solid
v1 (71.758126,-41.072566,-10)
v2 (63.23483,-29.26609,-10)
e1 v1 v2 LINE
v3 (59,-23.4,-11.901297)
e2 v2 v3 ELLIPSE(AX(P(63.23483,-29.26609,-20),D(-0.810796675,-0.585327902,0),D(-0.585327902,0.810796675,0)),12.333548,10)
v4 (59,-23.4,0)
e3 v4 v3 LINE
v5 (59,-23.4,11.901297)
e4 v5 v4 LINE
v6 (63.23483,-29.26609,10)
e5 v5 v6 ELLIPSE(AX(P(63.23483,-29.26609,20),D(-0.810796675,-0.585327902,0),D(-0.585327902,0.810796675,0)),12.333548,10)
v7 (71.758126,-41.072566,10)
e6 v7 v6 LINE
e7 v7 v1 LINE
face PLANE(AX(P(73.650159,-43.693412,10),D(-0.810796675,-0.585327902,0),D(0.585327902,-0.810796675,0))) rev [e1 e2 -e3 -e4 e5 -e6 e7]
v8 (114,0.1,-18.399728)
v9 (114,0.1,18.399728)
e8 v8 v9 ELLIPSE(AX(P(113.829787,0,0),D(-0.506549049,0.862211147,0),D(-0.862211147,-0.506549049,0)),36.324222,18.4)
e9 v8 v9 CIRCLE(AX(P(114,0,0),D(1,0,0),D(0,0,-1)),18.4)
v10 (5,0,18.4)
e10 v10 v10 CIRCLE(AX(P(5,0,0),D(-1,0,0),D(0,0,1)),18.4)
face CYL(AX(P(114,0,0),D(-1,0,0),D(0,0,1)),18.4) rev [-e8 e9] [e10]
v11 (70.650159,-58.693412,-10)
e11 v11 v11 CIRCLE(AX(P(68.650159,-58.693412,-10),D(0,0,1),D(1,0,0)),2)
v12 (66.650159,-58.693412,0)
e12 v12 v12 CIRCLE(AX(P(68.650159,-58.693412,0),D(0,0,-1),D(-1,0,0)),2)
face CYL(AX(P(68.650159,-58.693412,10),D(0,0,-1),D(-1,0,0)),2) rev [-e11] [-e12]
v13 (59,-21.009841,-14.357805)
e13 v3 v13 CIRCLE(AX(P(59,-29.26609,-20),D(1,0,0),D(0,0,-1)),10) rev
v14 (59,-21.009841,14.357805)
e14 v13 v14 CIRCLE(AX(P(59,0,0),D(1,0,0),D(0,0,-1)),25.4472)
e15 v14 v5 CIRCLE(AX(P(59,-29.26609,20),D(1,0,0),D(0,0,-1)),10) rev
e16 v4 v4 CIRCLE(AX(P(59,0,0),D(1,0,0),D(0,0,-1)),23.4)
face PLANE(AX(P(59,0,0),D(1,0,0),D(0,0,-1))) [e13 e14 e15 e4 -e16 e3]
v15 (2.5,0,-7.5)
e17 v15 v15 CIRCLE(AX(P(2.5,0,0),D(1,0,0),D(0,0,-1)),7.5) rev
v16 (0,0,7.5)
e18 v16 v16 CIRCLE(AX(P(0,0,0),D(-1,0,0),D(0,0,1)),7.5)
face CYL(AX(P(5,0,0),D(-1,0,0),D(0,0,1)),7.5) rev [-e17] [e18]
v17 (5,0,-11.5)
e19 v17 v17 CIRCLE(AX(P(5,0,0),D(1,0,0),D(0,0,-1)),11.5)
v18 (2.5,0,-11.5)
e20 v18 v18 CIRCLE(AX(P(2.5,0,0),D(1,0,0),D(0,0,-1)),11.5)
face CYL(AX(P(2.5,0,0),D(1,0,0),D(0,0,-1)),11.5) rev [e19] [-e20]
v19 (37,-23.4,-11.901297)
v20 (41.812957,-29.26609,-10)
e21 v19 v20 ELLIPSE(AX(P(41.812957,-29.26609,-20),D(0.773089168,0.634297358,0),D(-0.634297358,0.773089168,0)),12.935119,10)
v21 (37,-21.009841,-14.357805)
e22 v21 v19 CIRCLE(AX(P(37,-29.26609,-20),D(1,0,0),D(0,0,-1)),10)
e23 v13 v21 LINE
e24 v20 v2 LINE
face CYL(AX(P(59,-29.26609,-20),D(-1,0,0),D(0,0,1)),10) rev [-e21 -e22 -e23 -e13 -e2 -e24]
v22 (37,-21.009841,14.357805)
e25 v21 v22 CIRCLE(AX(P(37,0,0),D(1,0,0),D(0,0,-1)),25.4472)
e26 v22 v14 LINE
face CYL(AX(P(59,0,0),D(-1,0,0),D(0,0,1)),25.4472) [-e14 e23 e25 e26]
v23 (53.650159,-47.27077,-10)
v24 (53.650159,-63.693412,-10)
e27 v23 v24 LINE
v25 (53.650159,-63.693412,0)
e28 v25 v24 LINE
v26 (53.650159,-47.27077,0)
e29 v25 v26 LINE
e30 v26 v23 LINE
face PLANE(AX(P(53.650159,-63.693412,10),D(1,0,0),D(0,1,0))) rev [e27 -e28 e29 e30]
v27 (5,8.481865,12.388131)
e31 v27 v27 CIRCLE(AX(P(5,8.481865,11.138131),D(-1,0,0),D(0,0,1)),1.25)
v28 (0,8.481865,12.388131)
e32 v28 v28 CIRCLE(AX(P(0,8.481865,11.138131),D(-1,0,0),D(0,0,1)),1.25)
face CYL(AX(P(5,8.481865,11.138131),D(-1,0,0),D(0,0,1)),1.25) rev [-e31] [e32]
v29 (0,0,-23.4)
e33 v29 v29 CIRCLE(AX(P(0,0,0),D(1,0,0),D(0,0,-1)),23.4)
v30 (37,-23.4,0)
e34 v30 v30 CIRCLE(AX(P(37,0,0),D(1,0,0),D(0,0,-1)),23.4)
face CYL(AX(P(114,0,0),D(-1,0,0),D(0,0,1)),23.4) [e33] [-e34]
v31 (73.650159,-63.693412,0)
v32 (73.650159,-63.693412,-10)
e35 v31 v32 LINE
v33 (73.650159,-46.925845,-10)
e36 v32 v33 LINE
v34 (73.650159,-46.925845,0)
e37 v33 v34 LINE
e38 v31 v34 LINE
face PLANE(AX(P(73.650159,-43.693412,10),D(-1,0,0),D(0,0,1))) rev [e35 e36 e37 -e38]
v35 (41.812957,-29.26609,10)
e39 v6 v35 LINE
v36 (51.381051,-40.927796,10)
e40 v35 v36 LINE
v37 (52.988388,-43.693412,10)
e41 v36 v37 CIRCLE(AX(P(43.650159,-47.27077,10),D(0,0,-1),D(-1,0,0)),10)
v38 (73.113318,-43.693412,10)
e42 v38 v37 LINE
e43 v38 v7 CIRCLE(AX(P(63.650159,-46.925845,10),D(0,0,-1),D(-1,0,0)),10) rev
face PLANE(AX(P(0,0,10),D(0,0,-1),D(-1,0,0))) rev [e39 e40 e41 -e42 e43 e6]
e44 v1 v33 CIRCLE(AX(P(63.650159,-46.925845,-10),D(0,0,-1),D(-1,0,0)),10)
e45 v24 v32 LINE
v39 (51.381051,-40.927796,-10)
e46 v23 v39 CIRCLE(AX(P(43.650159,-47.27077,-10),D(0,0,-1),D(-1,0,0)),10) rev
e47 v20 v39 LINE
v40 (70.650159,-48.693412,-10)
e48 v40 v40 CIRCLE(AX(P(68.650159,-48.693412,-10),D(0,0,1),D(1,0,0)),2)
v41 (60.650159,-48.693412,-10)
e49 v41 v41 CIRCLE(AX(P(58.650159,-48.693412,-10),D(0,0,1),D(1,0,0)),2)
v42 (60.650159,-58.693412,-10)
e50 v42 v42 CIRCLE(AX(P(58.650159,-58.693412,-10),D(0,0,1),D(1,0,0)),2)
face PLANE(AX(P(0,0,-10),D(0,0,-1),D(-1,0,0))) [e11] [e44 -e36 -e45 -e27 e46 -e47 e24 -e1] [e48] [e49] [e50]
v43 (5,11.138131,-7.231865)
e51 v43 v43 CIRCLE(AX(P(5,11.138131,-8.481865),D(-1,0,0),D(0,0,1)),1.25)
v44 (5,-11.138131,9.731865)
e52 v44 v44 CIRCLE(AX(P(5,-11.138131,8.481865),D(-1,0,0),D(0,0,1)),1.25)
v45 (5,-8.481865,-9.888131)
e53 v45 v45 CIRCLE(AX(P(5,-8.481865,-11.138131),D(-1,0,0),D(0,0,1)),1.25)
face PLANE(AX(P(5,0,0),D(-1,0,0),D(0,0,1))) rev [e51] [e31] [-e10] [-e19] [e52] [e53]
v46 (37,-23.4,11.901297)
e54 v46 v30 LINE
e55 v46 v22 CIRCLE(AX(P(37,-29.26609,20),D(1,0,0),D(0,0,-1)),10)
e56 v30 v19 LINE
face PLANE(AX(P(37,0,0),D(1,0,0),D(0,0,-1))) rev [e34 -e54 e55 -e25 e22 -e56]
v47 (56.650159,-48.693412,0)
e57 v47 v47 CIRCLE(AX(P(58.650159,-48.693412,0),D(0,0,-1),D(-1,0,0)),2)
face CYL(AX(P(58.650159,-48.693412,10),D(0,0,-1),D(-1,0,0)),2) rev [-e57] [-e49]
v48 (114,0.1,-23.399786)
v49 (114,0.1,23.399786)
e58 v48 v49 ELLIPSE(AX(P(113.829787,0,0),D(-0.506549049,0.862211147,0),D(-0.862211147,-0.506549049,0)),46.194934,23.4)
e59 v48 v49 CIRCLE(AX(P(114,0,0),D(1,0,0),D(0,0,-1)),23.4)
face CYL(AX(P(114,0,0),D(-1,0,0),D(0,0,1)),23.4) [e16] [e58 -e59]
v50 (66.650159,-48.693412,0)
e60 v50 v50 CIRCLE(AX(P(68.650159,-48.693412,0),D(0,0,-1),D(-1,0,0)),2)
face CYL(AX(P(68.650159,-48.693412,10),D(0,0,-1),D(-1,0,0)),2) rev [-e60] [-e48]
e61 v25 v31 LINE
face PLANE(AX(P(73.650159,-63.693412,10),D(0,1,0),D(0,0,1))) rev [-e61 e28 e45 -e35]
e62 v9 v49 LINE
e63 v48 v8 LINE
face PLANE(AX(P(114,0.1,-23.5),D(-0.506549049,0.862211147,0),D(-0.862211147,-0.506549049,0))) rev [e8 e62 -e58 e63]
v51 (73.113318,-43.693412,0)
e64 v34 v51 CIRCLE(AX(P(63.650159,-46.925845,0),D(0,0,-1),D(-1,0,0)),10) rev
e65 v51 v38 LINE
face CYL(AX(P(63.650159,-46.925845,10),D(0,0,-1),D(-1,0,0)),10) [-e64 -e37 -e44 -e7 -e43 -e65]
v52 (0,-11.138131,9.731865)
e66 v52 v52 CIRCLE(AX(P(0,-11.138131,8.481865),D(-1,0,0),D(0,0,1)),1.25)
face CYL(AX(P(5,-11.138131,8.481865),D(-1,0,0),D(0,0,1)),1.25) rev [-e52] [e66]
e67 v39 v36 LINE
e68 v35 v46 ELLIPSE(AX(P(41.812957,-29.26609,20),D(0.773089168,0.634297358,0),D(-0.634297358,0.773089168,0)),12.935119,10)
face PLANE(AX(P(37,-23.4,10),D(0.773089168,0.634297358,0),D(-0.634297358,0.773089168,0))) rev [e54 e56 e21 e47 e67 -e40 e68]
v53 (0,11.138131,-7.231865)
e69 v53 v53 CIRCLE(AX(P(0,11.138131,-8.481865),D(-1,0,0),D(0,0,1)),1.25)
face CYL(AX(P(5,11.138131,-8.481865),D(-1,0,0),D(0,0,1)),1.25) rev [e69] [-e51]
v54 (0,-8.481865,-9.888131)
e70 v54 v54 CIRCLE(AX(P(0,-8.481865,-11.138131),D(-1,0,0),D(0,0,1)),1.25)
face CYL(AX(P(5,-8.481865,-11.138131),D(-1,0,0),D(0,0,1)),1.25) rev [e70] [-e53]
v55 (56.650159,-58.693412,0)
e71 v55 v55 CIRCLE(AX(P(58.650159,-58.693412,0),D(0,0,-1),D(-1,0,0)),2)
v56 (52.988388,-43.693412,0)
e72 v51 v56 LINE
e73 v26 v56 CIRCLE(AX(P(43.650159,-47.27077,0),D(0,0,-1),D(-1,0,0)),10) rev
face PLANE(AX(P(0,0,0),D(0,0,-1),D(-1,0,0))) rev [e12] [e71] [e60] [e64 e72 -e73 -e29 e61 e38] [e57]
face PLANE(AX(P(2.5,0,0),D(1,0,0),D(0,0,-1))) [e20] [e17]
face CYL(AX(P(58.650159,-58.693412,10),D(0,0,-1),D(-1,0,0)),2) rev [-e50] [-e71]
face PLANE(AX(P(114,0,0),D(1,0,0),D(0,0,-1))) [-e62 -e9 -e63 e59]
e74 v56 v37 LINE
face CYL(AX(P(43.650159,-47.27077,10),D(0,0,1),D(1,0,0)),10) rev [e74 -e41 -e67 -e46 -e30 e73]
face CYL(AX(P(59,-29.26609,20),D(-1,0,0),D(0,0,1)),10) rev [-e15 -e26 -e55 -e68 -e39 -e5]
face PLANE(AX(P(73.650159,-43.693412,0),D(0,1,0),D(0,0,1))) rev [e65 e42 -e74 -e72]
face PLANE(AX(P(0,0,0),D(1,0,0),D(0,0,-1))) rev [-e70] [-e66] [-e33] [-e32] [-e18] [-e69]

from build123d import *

# Parameters (mm, degrees)
CROQUIS1_R              = 23.4
CROQUIS1_R_2            = 18.4
SALIENTE_EXTRUIR1_DEPTH = 114
CROQUIS2_R              = 23.4
CROQUIS2_R_2            = 7.5
CROQUIS2_R_3            = 1.25
SALIENTE_EXTRUIR2_DEPTH = 5
CORTAR_EXTRUIR1_DEPTH   = 23.5
CROQUIS6_R              = 11.5
CORTAR_EXTRUIR2_DEPTH   = 2.5
CROQUIS9_R              = 2
SALIENTE_EXTRUIR3_DEPTH = 10
REDONDEO3_R             = 10
CROQUIS10_W             = 23.154362093
CROQUIS10_H             = 20
CORTAR_EXTRUIR3_DEPTH   = 10
SALIENTE_EXTRUIR4_DEPTH = 22
REDONDEO1_R             = 10
CROQUIS12_R             = 18.4
CORTAR_EXTRUIR4_DEPTH   = 78


with BuildPart() as part:
    # Croquis1 → Saliente-Extruir1 (new body)
    with BuildSketch(Plane(origin=(0, 0, 0), x_dir=(0, 0, -1), z_dir=(1, 0, 0))):
        Circle(CROQUIS1_R)
        Circle(CROQUIS1_R_2, mode=Mode.SUBTRACT)
    extrude(amount=SALIENTE_EXTRUIR1_DEPTH)

    # Croquis2 → Saliente-Extruir2 (add)
    with BuildSketch(Plane.ZY):
        Circle(CROQUIS2_R)
        Circle(CROQUIS2_R_2, mode=Mode.SUBTRACT)
        with Locations((-11.138131171, -8.481865008)):
            Circle(CROQUIS2_R_3, mode=Mode.SUBTRACT)
        with Locations((8.481865008, -11.138131171)):
            Circle(CROQUIS2_R_3, mode=Mode.SUBTRACT)
        with Locations((11.138131171, 8.481865008)):
            Circle(CROQUIS2_R_3, mode=Mode.SUBTRACT)
        with Locations((-8.481865008, 11.138131171)):
            Circle(CROQUIS2_R_3, mode=Mode.SUBTRACT)
    extrude(amount=-SALIENTE_EXTRUIR2_DEPTH)

    # Croquis4 → Cortar-Extruir1 (cut, symmetric)
    with BuildSketch(Plane.XY):
        Polygon((114, 0.1), (74, -23.4), (114, -23.4), align=None)
    extrude(amount=CORTAR_EXTRUIR1_DEPTH, both=True, mode=Mode.SUBTRACT)

    # Croquis6 → Cortar-Extruir2 (cut)
    with BuildSketch(Plane(origin=(5, 0, 0), x_dir=(0, 0, -1), z_dir=(1, 0, 0))):
        Circle(CROQUIS6_R)
    extrude(amount=-CORTAR_EXTRUIR2_DEPTH, mode=Mode.SUBTRACT)



with BuildPart() as body_2:
    # Croquis9 → Saliente-Extruir3 (new body, symmetric)
    with BuildSketch(Plane.XY):
        Polygon((73.650159213, -43.69341218), (73.650159213, -63.69341218), (53.650159213, -63.69341218), (53.650159213, -43.69341218), (37, -23.4), (59, -23.4), align=None)
        with Locations((58.650159213, -48.69341218)):
            Circle(CROQUIS9_R, mode=Mode.SUBTRACT)
        with Locations((58.650159213, -58.69341218)):
            Circle(CROQUIS9_R, mode=Mode.SUBTRACT)
        with Locations((68.650159213, -58.69341218)):
            Circle(CROQUIS9_R, mode=Mode.SUBTRACT)
        with Locations((68.650159213, -48.69341218)):
            Circle(CROQUIS9_R, mode=Mode.SUBTRACT)
    extrude(amount=SALIENTE_EXTRUIR3_DEPTH, both=True)

    # Redondeo3
    redondeo3_edges = [body_2.edges().sort_by_distance(p)[0] for p in [
        (53.650159213, -43.69341218, 0),
        (73.650159213, -43.69341218, 0),
    ]]
    fillet(redondeo3_edges, radius=REDONDEO3_R)

    # Croquis10 → Cortar-Extruir3 (cut)
    with BuildSketch(Plane.XY.offset(10)):
        with Locations((62.072978167, -53.69341218)):
            Rectangle(CROQUIS10_W, CROQUIS10_H)
    extrude(amount=-CORTAR_EXTRUIR3_DEPTH, mode=Mode.SUBTRACT)


with BuildPart() as part_1:
    add(part.part)

    add(body_2.part)  # Saliente-Extruir4 merges body 2
    # Croquis11 → Saliente-Extruir4 (add)
    with BuildSketch(Plane(origin=(37, 0, 0), x_dir=(0, 0, -1), z_dir=(1, 0, 0))):
        with BuildLine():
            Line((-10, -23.4), (10, -23.4))
            ThreePointArc((10, -23.4), (0, 25.447200239), (-10, -23.4))
        make_face()
    extrude(amount=SALIENTE_EXTRUIR4_DEPTH)

    # Redondeo1
    redondeo1_edges = [part_1.edges().sort_by_distance(p)[0] for p in [
        (48, -23.4, -10),
        (48, -23.4, 10),
    ]]
    fillet(redondeo1_edges, radius=REDONDEO1_R)

    # Croquis12 → Cortar-Extruir4 (cut, through all)
    with BuildSketch(Plane.ZY.offset(-37)):
        Circle(CROQUIS12_R)
    extrude(amount=-CORTAR_EXTRUIR4_DEPTH, mode=Mode.SUBTRACT)


solid = part_1.part
